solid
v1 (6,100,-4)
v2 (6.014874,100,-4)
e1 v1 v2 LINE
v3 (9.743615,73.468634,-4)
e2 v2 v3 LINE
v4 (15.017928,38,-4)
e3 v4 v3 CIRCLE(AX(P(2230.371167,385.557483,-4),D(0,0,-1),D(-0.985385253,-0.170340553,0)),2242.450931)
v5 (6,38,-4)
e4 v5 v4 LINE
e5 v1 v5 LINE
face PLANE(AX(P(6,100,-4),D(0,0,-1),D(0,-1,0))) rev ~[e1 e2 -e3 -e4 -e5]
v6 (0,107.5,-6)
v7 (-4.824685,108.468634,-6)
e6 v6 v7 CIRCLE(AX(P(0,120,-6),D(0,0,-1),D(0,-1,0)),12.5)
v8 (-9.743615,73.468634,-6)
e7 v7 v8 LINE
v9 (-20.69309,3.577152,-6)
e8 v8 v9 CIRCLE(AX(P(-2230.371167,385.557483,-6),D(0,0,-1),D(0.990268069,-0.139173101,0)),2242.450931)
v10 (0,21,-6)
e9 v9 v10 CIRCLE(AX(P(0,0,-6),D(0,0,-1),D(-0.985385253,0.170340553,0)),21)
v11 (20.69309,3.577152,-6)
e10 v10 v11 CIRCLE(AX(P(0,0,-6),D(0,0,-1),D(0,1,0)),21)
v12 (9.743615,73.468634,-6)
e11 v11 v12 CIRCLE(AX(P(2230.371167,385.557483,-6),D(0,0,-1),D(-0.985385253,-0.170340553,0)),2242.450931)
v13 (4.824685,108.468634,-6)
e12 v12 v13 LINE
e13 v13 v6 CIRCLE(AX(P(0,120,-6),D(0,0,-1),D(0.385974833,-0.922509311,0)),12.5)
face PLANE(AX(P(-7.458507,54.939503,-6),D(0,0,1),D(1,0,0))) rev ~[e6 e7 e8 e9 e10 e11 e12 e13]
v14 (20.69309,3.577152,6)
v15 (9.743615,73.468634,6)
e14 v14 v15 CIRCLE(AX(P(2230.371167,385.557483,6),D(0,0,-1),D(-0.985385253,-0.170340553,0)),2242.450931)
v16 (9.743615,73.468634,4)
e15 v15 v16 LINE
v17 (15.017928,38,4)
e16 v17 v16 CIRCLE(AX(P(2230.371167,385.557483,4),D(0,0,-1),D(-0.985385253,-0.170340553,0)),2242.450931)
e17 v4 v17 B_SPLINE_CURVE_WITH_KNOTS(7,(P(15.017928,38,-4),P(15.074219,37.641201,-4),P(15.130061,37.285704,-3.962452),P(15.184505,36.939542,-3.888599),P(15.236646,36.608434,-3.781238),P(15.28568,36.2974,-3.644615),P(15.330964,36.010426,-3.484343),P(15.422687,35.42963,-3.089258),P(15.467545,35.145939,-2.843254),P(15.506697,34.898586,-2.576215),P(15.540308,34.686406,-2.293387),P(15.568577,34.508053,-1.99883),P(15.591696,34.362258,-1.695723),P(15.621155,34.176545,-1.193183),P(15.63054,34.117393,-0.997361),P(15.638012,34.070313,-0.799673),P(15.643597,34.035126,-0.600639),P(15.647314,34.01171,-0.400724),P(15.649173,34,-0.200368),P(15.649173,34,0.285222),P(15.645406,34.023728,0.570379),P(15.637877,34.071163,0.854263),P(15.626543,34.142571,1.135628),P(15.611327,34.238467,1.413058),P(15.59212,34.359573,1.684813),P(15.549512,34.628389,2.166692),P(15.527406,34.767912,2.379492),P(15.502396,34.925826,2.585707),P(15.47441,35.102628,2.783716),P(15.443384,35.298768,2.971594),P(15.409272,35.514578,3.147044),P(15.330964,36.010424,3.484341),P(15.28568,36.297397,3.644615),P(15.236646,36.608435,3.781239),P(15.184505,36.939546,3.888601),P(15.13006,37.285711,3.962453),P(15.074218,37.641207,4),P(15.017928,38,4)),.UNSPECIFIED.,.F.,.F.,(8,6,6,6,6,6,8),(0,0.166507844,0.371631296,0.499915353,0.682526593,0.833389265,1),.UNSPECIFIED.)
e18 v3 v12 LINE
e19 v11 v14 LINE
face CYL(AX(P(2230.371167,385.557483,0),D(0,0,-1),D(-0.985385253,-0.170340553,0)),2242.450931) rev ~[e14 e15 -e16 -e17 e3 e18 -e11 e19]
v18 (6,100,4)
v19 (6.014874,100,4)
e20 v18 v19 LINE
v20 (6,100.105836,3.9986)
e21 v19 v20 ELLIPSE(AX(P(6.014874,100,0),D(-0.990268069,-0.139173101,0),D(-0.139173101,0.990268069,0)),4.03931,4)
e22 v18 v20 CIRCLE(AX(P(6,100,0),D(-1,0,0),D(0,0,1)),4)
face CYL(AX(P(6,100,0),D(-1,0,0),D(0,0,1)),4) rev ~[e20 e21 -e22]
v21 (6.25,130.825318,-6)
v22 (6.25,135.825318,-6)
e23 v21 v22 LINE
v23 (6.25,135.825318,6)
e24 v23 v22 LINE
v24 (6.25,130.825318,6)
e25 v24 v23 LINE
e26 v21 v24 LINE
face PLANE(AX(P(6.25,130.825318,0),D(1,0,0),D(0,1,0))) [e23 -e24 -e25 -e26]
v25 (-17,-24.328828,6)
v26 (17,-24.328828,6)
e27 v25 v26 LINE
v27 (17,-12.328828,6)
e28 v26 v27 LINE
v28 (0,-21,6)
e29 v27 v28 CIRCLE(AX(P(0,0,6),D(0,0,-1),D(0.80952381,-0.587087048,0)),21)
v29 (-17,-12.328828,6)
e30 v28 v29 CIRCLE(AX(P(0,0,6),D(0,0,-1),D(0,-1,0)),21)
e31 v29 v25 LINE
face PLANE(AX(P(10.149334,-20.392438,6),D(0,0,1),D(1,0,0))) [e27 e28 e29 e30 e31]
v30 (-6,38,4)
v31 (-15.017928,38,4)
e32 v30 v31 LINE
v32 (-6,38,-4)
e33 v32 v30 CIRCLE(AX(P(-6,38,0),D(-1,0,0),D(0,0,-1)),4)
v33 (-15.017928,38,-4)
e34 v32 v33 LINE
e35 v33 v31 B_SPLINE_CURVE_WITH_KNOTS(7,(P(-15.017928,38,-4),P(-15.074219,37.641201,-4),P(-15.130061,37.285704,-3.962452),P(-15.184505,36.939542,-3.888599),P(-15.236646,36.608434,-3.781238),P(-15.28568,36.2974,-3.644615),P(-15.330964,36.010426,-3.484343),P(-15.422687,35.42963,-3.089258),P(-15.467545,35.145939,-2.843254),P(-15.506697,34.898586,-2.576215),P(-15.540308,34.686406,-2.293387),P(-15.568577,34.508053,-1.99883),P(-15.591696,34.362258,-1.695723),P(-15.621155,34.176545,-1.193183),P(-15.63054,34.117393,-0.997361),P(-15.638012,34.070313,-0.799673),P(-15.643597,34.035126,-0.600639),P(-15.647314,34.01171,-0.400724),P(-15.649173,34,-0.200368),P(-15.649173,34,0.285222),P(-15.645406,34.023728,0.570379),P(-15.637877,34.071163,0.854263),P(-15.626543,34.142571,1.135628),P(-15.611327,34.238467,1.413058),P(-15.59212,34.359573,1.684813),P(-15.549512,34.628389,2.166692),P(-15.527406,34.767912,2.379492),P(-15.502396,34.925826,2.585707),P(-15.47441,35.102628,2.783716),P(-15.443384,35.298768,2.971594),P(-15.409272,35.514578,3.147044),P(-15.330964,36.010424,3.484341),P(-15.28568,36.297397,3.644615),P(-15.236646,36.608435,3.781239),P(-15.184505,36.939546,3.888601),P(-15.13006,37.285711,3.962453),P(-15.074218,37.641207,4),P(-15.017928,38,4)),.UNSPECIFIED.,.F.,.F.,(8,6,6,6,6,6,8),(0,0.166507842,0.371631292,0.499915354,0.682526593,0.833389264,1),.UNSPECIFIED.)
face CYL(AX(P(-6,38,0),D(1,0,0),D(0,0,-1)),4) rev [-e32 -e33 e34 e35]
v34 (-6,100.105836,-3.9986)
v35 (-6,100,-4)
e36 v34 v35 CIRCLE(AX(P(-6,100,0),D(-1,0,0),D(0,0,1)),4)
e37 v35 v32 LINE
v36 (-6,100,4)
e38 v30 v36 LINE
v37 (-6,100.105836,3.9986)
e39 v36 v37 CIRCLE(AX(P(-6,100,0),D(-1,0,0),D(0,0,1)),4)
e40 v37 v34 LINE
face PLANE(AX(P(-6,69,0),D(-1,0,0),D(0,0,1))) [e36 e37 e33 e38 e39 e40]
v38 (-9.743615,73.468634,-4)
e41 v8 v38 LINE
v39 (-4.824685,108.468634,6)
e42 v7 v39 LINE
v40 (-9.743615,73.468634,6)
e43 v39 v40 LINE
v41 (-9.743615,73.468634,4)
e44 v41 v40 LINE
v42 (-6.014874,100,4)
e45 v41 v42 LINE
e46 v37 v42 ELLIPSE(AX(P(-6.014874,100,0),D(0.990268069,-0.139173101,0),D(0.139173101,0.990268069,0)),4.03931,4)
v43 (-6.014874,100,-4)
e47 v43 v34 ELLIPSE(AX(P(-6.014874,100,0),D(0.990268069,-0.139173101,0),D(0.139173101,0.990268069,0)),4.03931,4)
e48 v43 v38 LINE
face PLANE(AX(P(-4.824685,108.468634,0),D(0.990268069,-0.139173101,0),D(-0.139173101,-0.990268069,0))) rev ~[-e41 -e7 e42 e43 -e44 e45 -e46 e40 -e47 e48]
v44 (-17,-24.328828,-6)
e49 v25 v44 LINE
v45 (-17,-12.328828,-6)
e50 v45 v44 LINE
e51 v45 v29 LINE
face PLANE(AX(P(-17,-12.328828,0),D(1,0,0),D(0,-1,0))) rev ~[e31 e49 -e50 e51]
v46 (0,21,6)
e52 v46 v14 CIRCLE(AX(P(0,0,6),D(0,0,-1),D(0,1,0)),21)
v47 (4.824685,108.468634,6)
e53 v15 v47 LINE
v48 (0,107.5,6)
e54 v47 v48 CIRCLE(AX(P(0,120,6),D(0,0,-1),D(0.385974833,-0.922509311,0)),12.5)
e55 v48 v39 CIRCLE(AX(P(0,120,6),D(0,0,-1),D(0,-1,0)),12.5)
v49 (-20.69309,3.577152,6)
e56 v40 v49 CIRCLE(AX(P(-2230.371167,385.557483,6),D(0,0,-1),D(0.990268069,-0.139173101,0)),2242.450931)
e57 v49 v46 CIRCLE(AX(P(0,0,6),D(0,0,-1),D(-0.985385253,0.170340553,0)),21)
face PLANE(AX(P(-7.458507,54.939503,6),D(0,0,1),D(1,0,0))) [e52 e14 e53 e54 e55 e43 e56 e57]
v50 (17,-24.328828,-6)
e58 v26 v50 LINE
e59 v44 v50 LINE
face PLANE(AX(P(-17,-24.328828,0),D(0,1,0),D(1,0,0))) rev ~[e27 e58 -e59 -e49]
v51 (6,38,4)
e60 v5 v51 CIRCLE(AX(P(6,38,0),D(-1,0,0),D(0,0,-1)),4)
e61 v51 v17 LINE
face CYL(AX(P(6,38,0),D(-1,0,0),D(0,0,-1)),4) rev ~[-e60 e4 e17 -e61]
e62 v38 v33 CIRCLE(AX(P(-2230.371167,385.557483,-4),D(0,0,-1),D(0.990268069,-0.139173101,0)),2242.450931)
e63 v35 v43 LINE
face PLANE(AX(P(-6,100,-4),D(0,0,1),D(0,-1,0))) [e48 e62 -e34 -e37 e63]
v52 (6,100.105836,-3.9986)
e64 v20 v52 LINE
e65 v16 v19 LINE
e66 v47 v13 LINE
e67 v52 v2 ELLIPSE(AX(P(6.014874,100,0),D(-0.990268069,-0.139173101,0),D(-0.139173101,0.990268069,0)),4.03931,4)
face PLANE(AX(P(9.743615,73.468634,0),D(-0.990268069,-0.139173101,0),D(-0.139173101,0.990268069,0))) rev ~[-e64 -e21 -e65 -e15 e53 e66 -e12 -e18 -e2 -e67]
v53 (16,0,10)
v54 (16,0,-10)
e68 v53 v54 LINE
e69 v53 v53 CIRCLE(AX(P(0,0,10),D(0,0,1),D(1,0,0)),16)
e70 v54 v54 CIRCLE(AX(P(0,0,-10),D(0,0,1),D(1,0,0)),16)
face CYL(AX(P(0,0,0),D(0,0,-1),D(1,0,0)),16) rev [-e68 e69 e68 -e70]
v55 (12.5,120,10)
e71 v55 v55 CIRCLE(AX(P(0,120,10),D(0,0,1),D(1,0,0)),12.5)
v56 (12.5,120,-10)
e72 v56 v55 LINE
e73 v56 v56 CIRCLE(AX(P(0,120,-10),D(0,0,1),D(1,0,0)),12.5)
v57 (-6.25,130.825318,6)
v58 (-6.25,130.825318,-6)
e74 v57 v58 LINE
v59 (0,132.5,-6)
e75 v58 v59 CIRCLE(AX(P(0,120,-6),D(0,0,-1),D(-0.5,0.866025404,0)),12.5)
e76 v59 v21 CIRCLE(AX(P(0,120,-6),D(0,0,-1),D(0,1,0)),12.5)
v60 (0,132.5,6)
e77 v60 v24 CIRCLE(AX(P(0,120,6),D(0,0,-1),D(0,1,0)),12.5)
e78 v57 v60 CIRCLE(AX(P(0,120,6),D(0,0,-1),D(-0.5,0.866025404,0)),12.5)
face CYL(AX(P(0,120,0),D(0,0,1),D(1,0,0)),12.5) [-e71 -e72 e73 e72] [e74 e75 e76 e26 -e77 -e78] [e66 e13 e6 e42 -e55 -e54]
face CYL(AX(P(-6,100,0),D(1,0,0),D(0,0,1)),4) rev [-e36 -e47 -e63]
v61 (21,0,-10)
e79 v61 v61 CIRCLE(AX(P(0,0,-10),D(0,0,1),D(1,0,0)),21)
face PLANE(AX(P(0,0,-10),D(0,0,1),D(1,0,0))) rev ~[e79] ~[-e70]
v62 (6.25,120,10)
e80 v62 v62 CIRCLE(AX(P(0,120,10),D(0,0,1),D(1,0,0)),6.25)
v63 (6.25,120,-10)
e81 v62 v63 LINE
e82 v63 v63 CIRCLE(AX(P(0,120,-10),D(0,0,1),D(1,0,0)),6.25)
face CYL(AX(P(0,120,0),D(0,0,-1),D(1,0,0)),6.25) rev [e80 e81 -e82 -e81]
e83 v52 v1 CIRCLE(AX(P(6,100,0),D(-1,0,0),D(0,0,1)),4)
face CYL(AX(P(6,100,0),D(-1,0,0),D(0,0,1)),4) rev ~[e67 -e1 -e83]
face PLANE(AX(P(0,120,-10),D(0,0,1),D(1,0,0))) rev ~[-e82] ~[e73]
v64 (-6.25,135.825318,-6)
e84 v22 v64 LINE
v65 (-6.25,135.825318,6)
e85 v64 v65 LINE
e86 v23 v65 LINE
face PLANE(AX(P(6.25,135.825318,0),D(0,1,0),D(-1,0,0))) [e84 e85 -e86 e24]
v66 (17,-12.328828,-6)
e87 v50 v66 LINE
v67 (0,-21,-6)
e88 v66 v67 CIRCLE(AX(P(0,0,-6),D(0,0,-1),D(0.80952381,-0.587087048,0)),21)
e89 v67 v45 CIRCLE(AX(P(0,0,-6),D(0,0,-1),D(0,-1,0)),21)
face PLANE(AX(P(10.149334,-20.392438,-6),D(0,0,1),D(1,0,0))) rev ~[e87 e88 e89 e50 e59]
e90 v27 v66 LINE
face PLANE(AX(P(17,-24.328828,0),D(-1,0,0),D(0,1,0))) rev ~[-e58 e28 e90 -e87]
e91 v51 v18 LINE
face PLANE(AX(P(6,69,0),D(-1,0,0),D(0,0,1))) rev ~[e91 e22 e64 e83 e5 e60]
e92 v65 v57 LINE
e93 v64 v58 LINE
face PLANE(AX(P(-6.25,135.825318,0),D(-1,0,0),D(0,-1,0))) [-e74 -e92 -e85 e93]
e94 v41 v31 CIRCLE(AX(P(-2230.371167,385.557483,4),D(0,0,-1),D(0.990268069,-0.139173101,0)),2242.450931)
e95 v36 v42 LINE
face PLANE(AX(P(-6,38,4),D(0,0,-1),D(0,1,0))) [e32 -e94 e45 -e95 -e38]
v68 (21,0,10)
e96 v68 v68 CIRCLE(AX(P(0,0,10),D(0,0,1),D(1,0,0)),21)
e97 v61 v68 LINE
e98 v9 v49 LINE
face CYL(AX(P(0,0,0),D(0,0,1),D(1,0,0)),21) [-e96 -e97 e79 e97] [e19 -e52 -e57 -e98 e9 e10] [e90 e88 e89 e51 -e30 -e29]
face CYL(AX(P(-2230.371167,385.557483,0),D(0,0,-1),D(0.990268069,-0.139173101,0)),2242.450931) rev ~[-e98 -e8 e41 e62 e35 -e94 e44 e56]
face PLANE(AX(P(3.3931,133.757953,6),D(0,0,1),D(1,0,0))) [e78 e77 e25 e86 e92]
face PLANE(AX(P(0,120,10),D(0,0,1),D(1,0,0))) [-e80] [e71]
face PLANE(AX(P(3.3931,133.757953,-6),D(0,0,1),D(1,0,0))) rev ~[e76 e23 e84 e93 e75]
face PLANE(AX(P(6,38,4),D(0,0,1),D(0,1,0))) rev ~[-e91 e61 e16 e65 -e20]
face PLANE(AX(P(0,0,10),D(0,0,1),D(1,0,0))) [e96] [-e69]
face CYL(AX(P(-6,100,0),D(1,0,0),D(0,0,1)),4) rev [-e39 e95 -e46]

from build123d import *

# Parameters (mm, degrees)
SKETCH2_R             = 12.5
SKETCH2_R_2           = 6.25
BOSS_EXTRUDE3_DEPTH   = 10
SKETCH2_R_3           = 21
SKETCH2_R_4           = 16
BOSS_EXTRUDE3_2_DEPTH = 10
BOSS_EXTRUDE4_DEPTH   = 6
CUT_EXTRUDE2_START    = -6
CUT_EXTRUDE2_DEPTH    = 132.802456026
CUT_EXTRUDE3_START    = 6
CUT_EXTRUDE3_DEPTH    = 132.802456026


with BuildPart() as part:
    # Sketch2 → Boss-Extrude3 (new, symmetric)
    with BuildSketch(Plane.XY):
        with Locations((0, 120)):
            Circle(SKETCH2_R)
        with Locations((0, 120)):
            Circle(SKETCH2_R_2, mode=Mode.SUBTRACT)
    extrude(amount=BOSS_EXTRUDE3_DEPTH, both=True)



with BuildPart() as body_2:
    # Sketch2 → Boss-Extrude3 2 (new, symmetric)
    with BuildSketch(Plane.XY):
        Circle(SKETCH2_R_3)
        Circle(SKETCH2_R_4, mode=Mode.SUBTRACT)
    extrude(amount=BOSS_EXTRUDE3_2_DEPTH, both=True)


with BuildPart() as part_1:
    add(part.part)

    add(body_2.part)  # Boss-Extrude4 merges body 2
    # Sketch2<6> → Boss-Extrude4 (add, symmetric)
    with BuildSketch(Plane.XY):
        with BuildLine():
            Line((6.25, 135.825317547), (-6.25, 135.825317547))
            Line((-6.25, 135.825317547), (-6.25, 130.825317547))
            ThreePointArc((-6.25, 130.825317547), (0, 132.5), (6.25, 130.825317547))
            Line((6.25, 130.825317547), (6.25, 135.825317547))
        make_face()
        with BuildLine():
            Line((-4.824685415, 108.468633617), (-9.743614629, 73.468633617))
            ThreePointArc((-9.743614629, 73.468633617), (-14.942721631, 38.479711201), (-20.693090304, 3.577151615))
            ThreePointArc((-20.693090304, 3.577151615), (0, 21), (20.693090304, 3.577151615))
            ThreePointArc((20.693090304, 3.577151615), (14.942721631, 38.479711201), (9.743614629, 73.468633617))
            Line((9.743614629, 73.468633617), (4.824685415, 108.468633617))
            ThreePointArc((4.824685415, 108.468633617), (0, 107.5), (-4.824685415, 108.468633617))
        make_face()
        with BuildLine():
            Line((-17, -12.328828006), (-17, -24.328828006))
            Line((-17, -24.328828006), (17, -24.328828006))
            Line((17, -24.328828006), (17, -12.328828006))
            ThreePointArc((17, -12.328828006), (0, -21), (-17, -12.328828006))
        make_face()
    extrude(amount=BOSS_EXTRUDE4_DEPTH, both=True)

    # Sketch3 → Cut-Extrude2 (cut, through all)
    with BuildSketch(Plane(origin=(0, 0, 0), x_dir=(0, 0, -1), z_dir=(1, 0, 0)).offset(CUT_EXTRUDE2_START)):
        with BuildLine():
            Line((4, 100), (4, 38))
            ThreePointArc((4, 38), (0, 34), (-4, 38))
            Line((-4, 38), (-4, 100))
            ThreePointArc((-4, 100), (0, 104), (4, 100))
        make_face()
    extrude(amount=-CUT_EXTRUDE2_DEPTH, mode=Mode.SUBTRACT)

    # Sketch3<2> → Cut-Extrude3 (cut, through all)
    with BuildSketch(Plane(origin=(0, 0, 0), x_dir=(0, 0, -1), z_dir=(1, 0, 0)).offset(CUT_EXTRUDE3_START)):
        with BuildLine():
            Line((4, 100), (4, 38))
            ThreePointArc((4, 38), (0, 34), (-4, 38))
            Line((-4, 38), (-4, 100))
            ThreePointArc((-4, 100), (0, 104), (4, 100))
        make_face()
    extrude(amount=CUT_EXTRUDE3_DEPTH, mode=Mode.SUBTRACT)


solid = part_1.part
